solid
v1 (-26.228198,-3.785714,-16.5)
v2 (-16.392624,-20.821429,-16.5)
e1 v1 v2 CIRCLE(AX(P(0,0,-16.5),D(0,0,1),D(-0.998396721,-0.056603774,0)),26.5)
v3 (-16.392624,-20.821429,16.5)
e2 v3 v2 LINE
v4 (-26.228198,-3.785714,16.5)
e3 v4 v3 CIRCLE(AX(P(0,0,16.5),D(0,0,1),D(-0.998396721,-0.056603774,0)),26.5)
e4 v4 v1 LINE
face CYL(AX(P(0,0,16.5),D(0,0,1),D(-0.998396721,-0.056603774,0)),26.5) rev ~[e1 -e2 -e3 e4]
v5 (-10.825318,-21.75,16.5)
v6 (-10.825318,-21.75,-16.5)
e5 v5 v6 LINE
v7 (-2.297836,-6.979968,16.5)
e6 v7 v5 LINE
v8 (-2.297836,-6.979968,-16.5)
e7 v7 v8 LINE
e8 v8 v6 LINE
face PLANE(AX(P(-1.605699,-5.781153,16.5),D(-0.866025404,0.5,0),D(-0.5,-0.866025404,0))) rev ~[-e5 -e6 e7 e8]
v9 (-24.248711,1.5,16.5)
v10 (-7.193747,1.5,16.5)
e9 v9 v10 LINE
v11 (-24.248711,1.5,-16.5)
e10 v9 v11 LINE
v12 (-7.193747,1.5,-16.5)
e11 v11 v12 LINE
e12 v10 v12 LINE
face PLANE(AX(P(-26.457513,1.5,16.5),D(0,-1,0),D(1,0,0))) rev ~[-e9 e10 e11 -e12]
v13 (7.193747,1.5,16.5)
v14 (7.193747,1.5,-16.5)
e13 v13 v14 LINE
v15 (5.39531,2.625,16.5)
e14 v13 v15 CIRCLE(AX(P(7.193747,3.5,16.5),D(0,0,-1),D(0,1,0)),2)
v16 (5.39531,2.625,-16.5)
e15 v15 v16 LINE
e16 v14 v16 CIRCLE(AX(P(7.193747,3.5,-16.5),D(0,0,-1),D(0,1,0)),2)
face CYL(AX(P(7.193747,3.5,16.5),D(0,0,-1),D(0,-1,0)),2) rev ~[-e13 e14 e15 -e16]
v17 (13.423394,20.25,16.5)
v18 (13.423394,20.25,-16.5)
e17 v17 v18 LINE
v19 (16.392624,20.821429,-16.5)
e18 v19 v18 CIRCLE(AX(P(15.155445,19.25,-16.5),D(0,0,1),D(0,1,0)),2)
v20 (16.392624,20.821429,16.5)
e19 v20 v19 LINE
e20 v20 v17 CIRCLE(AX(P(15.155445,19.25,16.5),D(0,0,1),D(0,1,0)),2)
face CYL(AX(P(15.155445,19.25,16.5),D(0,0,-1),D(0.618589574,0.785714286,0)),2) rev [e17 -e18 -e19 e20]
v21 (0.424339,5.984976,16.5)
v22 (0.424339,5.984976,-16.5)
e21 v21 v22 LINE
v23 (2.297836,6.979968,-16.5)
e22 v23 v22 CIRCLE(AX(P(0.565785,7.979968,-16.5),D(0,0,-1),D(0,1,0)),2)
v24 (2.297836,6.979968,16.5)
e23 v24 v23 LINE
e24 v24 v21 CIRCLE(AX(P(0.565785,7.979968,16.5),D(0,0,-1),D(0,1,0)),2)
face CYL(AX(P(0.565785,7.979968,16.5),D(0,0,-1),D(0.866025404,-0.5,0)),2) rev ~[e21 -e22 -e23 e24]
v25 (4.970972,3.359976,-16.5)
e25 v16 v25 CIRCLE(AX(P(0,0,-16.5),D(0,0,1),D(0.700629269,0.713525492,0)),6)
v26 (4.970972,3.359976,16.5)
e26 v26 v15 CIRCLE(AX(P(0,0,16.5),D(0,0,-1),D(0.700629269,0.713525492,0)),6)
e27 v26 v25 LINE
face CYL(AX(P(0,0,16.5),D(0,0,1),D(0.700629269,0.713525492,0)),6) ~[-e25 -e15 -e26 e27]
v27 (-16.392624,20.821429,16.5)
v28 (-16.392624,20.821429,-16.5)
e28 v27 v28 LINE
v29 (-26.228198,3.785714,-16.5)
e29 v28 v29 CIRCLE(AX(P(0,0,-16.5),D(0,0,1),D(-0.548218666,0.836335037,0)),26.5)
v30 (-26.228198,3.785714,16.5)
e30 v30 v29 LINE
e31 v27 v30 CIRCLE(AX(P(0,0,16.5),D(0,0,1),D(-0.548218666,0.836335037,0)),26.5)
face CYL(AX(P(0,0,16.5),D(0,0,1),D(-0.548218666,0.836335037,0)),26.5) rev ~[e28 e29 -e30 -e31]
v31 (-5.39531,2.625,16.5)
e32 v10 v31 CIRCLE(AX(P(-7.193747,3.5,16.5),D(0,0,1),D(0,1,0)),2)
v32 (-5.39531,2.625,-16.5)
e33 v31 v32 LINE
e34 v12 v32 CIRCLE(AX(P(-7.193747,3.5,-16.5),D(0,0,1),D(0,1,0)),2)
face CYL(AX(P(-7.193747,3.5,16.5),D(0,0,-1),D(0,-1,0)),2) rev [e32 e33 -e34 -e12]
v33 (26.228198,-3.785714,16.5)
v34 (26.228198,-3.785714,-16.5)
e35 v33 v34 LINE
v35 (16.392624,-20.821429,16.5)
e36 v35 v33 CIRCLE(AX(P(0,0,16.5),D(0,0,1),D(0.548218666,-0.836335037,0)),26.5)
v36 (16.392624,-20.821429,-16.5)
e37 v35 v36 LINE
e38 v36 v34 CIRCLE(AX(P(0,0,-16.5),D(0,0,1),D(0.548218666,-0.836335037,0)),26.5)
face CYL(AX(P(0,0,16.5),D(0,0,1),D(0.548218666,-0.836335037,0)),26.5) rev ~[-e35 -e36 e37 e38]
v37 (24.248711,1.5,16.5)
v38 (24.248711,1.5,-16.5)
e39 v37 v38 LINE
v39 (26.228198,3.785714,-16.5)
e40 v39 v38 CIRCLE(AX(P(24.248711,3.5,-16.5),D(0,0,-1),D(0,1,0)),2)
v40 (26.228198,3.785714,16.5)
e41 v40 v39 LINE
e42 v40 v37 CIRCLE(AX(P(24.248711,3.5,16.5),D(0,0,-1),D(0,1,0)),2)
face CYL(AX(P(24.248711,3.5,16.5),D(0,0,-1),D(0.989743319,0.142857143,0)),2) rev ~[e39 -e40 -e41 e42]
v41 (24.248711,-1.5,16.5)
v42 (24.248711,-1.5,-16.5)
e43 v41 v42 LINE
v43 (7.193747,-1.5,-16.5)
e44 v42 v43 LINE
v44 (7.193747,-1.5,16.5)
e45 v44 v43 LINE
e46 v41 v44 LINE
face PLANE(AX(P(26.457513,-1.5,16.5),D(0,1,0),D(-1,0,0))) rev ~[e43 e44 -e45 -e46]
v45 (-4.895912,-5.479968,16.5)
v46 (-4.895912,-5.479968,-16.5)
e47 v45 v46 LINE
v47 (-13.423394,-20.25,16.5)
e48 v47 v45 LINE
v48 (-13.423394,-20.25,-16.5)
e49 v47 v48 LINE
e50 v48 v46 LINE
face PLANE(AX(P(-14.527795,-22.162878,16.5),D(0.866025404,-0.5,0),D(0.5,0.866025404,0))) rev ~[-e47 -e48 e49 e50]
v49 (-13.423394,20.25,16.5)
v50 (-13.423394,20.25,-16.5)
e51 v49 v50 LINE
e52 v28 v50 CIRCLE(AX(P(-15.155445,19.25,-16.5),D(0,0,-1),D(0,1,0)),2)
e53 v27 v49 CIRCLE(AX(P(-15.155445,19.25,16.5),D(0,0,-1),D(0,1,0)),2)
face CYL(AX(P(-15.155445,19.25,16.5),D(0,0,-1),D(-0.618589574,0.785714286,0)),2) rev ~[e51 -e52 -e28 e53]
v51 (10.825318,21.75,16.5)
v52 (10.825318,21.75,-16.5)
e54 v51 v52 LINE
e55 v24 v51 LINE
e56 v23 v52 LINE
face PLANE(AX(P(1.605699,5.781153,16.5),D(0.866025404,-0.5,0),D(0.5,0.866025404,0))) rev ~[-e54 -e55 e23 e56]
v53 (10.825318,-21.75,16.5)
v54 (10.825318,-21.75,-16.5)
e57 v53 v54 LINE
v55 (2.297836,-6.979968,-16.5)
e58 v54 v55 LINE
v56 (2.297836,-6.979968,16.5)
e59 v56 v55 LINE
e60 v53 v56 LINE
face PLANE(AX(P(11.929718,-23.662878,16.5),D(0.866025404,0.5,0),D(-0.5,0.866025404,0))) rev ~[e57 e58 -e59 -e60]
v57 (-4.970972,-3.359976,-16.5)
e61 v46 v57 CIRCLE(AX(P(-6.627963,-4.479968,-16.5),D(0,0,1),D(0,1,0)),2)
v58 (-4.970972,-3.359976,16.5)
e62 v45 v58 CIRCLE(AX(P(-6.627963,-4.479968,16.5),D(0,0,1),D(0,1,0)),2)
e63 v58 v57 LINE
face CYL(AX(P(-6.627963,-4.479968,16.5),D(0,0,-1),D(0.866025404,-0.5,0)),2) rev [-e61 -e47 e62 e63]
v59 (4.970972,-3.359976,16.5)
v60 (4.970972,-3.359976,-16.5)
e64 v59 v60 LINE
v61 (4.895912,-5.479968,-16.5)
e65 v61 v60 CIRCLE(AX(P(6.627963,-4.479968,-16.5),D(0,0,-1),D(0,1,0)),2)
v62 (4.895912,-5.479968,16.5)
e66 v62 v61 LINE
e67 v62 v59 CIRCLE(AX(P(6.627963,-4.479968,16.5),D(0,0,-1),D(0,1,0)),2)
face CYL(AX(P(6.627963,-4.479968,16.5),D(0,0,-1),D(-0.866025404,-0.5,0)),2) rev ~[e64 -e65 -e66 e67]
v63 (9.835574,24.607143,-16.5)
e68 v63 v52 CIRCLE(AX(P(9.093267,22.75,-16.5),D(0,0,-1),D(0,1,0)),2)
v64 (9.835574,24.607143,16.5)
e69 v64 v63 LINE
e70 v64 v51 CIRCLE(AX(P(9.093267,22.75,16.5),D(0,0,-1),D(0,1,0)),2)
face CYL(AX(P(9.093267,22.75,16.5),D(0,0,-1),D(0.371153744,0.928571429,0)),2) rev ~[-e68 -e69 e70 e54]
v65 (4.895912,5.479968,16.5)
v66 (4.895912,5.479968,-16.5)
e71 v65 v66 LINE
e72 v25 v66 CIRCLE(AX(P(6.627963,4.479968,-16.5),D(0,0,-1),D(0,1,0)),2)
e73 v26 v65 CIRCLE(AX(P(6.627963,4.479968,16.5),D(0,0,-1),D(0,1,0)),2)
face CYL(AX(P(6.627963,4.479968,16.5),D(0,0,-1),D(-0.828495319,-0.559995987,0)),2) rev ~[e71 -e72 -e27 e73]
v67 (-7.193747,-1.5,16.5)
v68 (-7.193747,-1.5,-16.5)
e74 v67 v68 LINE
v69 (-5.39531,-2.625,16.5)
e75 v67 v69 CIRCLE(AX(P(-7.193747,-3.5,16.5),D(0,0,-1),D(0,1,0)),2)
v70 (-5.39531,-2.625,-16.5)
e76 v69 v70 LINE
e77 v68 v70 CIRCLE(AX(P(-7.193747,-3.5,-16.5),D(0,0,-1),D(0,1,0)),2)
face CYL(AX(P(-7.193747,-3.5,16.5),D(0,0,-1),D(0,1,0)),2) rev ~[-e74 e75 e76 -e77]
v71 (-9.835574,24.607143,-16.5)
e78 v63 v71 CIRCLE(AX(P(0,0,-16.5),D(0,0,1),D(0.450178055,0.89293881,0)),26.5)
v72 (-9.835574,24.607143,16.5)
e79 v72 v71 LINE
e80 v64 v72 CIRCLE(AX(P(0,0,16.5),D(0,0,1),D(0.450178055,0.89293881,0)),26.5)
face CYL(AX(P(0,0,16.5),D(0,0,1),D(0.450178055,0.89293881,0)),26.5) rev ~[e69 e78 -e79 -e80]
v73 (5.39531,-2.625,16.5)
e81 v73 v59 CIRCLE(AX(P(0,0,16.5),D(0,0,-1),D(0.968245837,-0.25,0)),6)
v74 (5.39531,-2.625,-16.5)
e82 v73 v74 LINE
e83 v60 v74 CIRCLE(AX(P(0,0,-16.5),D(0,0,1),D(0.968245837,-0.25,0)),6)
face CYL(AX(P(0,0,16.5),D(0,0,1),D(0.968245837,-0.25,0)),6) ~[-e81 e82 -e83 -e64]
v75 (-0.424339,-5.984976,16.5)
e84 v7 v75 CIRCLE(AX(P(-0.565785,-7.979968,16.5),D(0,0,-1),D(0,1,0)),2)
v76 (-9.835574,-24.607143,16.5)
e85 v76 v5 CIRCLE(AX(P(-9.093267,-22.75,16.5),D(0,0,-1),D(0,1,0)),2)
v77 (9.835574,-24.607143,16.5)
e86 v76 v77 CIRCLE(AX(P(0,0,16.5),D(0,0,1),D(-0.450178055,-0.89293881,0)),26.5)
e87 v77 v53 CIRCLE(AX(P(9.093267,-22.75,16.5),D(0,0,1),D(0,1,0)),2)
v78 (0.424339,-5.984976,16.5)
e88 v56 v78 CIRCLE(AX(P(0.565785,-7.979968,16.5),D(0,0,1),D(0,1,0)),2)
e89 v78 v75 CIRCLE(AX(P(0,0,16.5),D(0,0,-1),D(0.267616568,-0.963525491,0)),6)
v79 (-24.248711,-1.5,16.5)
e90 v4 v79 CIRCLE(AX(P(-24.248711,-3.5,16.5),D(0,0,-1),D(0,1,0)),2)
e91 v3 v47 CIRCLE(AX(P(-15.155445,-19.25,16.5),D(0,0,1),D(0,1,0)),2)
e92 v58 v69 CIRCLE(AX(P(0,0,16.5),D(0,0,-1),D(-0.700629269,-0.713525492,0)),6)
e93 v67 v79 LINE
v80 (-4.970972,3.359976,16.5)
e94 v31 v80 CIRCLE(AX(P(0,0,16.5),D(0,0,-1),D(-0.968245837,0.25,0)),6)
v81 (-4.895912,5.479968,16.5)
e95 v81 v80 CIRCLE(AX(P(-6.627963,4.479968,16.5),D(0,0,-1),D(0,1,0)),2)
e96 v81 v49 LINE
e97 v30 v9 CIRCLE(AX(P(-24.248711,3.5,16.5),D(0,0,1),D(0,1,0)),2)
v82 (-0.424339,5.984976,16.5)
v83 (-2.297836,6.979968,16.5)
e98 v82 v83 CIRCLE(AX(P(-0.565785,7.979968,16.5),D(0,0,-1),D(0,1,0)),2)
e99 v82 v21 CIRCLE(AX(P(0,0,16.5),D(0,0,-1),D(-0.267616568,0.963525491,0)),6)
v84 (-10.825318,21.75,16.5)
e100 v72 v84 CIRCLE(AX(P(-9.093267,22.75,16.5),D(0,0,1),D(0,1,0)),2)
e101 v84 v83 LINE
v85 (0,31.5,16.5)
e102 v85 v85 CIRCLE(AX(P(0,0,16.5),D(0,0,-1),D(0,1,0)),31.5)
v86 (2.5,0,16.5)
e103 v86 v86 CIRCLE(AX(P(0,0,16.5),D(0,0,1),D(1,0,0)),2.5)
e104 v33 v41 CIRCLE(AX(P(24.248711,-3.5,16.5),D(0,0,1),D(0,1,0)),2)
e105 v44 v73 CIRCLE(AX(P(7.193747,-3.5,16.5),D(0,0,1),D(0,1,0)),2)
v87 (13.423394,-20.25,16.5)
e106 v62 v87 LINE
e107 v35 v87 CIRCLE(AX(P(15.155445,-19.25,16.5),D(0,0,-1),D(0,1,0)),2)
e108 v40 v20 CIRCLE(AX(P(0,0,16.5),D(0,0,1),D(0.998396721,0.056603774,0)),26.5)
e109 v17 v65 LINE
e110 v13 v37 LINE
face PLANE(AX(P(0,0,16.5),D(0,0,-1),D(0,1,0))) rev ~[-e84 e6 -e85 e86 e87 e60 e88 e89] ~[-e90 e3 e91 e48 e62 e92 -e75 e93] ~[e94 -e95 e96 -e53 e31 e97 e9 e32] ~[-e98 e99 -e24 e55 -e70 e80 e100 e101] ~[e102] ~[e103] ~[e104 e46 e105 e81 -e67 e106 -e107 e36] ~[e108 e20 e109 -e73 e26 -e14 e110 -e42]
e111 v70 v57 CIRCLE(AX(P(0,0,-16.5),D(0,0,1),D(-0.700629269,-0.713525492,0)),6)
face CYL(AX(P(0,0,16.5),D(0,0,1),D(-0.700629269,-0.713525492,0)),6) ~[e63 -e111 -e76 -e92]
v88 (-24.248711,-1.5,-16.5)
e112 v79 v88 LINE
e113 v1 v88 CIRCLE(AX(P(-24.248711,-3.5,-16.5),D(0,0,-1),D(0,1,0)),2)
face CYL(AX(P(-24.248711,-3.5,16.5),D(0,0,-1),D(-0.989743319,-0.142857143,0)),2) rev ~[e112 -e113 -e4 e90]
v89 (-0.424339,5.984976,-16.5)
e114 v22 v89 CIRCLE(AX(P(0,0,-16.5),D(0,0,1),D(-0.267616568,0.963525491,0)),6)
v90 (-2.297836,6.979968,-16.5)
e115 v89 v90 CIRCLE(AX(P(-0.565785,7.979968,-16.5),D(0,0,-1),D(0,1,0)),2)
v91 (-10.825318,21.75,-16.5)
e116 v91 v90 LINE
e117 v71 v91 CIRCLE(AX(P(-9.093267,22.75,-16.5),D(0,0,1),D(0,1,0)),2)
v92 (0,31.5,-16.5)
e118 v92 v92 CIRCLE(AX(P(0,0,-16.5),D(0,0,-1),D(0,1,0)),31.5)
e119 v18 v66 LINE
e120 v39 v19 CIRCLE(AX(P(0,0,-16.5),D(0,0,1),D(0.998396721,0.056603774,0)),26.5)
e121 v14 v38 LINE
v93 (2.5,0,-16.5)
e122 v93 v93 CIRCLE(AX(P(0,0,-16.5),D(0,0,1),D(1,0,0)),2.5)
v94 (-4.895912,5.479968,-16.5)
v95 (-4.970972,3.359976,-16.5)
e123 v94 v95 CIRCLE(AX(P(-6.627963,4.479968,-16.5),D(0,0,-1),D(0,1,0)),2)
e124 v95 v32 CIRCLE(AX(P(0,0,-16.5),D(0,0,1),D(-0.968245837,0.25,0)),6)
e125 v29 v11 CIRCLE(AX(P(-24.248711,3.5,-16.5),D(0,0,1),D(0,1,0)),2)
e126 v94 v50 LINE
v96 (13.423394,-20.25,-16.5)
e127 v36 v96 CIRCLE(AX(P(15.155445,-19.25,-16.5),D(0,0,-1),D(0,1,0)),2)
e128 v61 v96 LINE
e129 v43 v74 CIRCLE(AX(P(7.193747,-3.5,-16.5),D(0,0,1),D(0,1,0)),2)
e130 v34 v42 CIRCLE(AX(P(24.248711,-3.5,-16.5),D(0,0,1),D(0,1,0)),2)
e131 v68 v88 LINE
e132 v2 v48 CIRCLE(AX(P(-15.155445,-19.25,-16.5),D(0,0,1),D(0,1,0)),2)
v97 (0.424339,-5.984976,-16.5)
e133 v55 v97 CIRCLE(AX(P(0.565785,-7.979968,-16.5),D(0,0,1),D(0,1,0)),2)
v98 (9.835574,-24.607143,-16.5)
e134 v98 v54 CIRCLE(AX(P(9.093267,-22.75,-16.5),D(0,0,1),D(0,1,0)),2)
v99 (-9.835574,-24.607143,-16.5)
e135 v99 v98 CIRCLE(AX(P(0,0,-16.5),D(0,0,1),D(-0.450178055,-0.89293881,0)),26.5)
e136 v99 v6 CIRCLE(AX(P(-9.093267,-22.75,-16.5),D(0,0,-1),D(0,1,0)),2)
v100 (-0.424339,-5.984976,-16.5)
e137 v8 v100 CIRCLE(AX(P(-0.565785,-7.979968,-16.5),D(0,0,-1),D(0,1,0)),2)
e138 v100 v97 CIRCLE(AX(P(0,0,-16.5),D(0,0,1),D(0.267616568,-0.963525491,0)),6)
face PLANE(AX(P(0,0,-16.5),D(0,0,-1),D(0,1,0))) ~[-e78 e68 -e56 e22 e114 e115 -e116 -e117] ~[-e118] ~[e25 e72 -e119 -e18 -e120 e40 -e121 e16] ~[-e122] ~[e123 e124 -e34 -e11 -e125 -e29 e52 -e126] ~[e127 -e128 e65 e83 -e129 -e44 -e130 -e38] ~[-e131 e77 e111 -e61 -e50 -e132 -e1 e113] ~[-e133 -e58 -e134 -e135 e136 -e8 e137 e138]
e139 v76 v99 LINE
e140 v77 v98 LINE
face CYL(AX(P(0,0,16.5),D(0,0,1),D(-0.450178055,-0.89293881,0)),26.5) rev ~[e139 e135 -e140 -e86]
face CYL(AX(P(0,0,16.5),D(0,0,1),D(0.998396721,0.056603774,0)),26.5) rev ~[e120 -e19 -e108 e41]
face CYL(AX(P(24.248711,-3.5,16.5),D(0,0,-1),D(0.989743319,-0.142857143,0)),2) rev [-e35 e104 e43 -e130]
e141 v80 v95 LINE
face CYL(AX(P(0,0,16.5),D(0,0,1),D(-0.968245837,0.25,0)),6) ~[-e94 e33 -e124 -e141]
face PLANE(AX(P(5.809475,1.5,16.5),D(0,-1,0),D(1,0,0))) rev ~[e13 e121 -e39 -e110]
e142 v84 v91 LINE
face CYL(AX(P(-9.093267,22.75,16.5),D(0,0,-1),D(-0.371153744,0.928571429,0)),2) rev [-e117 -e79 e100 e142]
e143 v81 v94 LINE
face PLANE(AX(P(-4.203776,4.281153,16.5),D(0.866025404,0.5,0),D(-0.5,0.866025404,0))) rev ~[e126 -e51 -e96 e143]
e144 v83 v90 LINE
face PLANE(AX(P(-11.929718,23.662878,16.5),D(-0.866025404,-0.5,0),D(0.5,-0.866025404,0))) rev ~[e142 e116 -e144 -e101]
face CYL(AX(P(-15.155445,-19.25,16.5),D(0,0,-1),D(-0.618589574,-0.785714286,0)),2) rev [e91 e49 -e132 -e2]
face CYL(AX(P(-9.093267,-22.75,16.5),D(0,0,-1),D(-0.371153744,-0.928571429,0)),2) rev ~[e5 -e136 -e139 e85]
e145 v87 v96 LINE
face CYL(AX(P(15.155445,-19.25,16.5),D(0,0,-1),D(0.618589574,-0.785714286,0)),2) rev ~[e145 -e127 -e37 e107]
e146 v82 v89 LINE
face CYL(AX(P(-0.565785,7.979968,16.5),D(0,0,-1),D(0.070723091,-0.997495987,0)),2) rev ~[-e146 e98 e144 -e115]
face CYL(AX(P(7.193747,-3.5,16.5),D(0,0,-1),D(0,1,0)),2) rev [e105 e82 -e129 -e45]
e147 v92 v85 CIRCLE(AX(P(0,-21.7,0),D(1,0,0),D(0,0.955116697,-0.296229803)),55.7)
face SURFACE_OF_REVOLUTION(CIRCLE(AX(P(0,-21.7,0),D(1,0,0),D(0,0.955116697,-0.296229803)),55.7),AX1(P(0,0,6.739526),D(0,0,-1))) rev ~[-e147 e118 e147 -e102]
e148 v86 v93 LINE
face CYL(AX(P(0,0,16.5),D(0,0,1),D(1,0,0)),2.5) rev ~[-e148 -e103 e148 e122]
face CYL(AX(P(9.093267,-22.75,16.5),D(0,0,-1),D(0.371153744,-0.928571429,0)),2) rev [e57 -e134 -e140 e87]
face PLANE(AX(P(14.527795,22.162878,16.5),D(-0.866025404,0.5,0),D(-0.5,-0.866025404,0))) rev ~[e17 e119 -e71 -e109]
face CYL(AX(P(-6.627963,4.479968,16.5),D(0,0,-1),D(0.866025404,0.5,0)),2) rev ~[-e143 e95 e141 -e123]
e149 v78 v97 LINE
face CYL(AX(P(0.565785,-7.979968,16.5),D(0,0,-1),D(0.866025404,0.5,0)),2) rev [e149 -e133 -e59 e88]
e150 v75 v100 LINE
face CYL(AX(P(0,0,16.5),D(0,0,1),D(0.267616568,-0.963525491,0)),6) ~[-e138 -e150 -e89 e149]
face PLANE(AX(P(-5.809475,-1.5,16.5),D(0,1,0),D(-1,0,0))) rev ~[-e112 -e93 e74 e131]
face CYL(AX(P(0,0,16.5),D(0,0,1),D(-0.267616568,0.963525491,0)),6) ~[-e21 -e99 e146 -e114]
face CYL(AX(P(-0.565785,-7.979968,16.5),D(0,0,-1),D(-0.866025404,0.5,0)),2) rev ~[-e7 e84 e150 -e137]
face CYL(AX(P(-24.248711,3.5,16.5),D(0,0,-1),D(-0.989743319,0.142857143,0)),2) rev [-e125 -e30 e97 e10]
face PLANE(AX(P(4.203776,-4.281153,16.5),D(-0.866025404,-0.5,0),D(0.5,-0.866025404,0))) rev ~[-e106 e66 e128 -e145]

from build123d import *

# Parameters (mm, degrees)
SCHNITT_LINEAR_AUSTRAGEN1_DEPTH = 59.31809342
VERRUNDUNG1_R                   = 2
KREISMUSTER1_COUNT              = 6
VERRUNDUNG1_OF_KREISMUSTER1_R   = 2
SKIZZE7_R                       = 2.5
SCHNITT_LINEAR_AUSTRAGEN3_DEPTH = 59.31809342


with BuildPart() as part:
    # Skizze4 → Rotation1 (revolve)
    with BuildSketch(Plane(origin=(0, 0, 0), x_dir=(0, 0, -1), z_dir=(1, 0, 0))):
        with BuildLine():
            Line((-16.5, 31.5), (-16.5, 0))
            Line((-16.5, 0), (16.5, 0))
            Line((16.5, 0), (16.5, 31.5))
            ThreePointArc((16.5, 31.5), (0, 34), (-16.5, 31.5))
        make_face()
    revolve(axis=Axis((0, 0, 6.739526199), (0, 0, -1)))

    # Skizze5 → Schnitt-Linear austragen1 (cut, through all)
    with BuildSketch(Plane.XY.offset(16.5)):
        with BuildLine():
            Line((-11.92971845, 23.662878475), (-1.605699404, 5.781152949))
            ThreePointArc((-1.605699404, 5.781152949), (0, 6), (1.605699404, 5.781152949))
            Line((1.605699404, 5.781152949), (11.92971845, 23.662878475))
            ThreePointArc((11.92971845, 23.662878475), (0, 26.5), (-11.92971845, 23.662878475))
        make_face()
    schnitt_linear_austragen1 = extrude(amount=-SCHNITT_LINEAR_AUSTRAGEN1_DEPTH, mode=Mode.SUBTRACT)

    # Verrundung1
    verrundung1_edges = [part.edges().sort_by_distance(p)[0] for p in [
        (11.92971845, 23.662878475, 0),
        (1.605699404, 5.781152949, 0),
        (-1.605699404, 5.781152949, 0),
        (-11.92971845, 23.662878475, 0),
    ]]
    fillet(verrundung1_edges, radius=VERRUNDUNG1_R)

    # Kreismuster1: Schnitt-Linear austragen1 ×6 about axis
    kreismuster1_axis = Axis((0, 0, 18.15), (0, 0, -1))
    for i in range(1, KREISMUSTER1_COUNT):
        add(schnitt_linear_austragen1.rotate(kreismuster1_axis, i * 360 / KREISMUSTER1_COUNT), mode=Mode.SUBTRACT)

    # Verrundung1 of Kreismuster1
    verrundung1_of_kreismuster1_edges = [part.edges().sort_by_distance(p)[0] for p in [
        (26.457513111, 1.5, 0),
        (5.809475019, 1.5, 0),
        (4.203775615, 4.281152949, 0),
        (14.527794661, 22.162878475, 0),
        (14.527794661, -22.162878475, 0),
        (4.203775615, -4.281152949, 0),
        (5.809475019, -1.5, 0),
        (26.457513111, -1.5, 0),
        (-11.92971845, -23.662878475, 0),
        (-1.605699404, -5.781152949, 0),
        (1.605699404, -5.781152949, 0),
        (11.92971845, -23.662878475, 0),
        (-26.457513111, -1.5, 0),
        (-5.809475019, -1.5, 0),
        (-4.203775615, -4.281152949, 0),
        (-14.527794661, -22.162878475, 0),
        (-14.527794661, 22.162878475, 0),
        (-4.203775615, 4.281152949, 0),
        (-5.809475019, 1.5, 0),
        (-26.457513111, 1.5, 0),
    ]]
    fillet(verrundung1_of_kreismuster1_edges, radius=VERRUNDUNG1_OF_KREISMUSTER1_R)

    # Skizze7 → Schnitt-Linear austragen3 (cut, through all)
    with BuildSketch(Plane.XY.offset(16.5)):
        Circle(SKIZZE7_R)
    extrude(amount=-SCHNITT_LINEAR_AUSTRAGEN3_DEPTH, mode=Mode.SUBTRACT)


solid = part.part
